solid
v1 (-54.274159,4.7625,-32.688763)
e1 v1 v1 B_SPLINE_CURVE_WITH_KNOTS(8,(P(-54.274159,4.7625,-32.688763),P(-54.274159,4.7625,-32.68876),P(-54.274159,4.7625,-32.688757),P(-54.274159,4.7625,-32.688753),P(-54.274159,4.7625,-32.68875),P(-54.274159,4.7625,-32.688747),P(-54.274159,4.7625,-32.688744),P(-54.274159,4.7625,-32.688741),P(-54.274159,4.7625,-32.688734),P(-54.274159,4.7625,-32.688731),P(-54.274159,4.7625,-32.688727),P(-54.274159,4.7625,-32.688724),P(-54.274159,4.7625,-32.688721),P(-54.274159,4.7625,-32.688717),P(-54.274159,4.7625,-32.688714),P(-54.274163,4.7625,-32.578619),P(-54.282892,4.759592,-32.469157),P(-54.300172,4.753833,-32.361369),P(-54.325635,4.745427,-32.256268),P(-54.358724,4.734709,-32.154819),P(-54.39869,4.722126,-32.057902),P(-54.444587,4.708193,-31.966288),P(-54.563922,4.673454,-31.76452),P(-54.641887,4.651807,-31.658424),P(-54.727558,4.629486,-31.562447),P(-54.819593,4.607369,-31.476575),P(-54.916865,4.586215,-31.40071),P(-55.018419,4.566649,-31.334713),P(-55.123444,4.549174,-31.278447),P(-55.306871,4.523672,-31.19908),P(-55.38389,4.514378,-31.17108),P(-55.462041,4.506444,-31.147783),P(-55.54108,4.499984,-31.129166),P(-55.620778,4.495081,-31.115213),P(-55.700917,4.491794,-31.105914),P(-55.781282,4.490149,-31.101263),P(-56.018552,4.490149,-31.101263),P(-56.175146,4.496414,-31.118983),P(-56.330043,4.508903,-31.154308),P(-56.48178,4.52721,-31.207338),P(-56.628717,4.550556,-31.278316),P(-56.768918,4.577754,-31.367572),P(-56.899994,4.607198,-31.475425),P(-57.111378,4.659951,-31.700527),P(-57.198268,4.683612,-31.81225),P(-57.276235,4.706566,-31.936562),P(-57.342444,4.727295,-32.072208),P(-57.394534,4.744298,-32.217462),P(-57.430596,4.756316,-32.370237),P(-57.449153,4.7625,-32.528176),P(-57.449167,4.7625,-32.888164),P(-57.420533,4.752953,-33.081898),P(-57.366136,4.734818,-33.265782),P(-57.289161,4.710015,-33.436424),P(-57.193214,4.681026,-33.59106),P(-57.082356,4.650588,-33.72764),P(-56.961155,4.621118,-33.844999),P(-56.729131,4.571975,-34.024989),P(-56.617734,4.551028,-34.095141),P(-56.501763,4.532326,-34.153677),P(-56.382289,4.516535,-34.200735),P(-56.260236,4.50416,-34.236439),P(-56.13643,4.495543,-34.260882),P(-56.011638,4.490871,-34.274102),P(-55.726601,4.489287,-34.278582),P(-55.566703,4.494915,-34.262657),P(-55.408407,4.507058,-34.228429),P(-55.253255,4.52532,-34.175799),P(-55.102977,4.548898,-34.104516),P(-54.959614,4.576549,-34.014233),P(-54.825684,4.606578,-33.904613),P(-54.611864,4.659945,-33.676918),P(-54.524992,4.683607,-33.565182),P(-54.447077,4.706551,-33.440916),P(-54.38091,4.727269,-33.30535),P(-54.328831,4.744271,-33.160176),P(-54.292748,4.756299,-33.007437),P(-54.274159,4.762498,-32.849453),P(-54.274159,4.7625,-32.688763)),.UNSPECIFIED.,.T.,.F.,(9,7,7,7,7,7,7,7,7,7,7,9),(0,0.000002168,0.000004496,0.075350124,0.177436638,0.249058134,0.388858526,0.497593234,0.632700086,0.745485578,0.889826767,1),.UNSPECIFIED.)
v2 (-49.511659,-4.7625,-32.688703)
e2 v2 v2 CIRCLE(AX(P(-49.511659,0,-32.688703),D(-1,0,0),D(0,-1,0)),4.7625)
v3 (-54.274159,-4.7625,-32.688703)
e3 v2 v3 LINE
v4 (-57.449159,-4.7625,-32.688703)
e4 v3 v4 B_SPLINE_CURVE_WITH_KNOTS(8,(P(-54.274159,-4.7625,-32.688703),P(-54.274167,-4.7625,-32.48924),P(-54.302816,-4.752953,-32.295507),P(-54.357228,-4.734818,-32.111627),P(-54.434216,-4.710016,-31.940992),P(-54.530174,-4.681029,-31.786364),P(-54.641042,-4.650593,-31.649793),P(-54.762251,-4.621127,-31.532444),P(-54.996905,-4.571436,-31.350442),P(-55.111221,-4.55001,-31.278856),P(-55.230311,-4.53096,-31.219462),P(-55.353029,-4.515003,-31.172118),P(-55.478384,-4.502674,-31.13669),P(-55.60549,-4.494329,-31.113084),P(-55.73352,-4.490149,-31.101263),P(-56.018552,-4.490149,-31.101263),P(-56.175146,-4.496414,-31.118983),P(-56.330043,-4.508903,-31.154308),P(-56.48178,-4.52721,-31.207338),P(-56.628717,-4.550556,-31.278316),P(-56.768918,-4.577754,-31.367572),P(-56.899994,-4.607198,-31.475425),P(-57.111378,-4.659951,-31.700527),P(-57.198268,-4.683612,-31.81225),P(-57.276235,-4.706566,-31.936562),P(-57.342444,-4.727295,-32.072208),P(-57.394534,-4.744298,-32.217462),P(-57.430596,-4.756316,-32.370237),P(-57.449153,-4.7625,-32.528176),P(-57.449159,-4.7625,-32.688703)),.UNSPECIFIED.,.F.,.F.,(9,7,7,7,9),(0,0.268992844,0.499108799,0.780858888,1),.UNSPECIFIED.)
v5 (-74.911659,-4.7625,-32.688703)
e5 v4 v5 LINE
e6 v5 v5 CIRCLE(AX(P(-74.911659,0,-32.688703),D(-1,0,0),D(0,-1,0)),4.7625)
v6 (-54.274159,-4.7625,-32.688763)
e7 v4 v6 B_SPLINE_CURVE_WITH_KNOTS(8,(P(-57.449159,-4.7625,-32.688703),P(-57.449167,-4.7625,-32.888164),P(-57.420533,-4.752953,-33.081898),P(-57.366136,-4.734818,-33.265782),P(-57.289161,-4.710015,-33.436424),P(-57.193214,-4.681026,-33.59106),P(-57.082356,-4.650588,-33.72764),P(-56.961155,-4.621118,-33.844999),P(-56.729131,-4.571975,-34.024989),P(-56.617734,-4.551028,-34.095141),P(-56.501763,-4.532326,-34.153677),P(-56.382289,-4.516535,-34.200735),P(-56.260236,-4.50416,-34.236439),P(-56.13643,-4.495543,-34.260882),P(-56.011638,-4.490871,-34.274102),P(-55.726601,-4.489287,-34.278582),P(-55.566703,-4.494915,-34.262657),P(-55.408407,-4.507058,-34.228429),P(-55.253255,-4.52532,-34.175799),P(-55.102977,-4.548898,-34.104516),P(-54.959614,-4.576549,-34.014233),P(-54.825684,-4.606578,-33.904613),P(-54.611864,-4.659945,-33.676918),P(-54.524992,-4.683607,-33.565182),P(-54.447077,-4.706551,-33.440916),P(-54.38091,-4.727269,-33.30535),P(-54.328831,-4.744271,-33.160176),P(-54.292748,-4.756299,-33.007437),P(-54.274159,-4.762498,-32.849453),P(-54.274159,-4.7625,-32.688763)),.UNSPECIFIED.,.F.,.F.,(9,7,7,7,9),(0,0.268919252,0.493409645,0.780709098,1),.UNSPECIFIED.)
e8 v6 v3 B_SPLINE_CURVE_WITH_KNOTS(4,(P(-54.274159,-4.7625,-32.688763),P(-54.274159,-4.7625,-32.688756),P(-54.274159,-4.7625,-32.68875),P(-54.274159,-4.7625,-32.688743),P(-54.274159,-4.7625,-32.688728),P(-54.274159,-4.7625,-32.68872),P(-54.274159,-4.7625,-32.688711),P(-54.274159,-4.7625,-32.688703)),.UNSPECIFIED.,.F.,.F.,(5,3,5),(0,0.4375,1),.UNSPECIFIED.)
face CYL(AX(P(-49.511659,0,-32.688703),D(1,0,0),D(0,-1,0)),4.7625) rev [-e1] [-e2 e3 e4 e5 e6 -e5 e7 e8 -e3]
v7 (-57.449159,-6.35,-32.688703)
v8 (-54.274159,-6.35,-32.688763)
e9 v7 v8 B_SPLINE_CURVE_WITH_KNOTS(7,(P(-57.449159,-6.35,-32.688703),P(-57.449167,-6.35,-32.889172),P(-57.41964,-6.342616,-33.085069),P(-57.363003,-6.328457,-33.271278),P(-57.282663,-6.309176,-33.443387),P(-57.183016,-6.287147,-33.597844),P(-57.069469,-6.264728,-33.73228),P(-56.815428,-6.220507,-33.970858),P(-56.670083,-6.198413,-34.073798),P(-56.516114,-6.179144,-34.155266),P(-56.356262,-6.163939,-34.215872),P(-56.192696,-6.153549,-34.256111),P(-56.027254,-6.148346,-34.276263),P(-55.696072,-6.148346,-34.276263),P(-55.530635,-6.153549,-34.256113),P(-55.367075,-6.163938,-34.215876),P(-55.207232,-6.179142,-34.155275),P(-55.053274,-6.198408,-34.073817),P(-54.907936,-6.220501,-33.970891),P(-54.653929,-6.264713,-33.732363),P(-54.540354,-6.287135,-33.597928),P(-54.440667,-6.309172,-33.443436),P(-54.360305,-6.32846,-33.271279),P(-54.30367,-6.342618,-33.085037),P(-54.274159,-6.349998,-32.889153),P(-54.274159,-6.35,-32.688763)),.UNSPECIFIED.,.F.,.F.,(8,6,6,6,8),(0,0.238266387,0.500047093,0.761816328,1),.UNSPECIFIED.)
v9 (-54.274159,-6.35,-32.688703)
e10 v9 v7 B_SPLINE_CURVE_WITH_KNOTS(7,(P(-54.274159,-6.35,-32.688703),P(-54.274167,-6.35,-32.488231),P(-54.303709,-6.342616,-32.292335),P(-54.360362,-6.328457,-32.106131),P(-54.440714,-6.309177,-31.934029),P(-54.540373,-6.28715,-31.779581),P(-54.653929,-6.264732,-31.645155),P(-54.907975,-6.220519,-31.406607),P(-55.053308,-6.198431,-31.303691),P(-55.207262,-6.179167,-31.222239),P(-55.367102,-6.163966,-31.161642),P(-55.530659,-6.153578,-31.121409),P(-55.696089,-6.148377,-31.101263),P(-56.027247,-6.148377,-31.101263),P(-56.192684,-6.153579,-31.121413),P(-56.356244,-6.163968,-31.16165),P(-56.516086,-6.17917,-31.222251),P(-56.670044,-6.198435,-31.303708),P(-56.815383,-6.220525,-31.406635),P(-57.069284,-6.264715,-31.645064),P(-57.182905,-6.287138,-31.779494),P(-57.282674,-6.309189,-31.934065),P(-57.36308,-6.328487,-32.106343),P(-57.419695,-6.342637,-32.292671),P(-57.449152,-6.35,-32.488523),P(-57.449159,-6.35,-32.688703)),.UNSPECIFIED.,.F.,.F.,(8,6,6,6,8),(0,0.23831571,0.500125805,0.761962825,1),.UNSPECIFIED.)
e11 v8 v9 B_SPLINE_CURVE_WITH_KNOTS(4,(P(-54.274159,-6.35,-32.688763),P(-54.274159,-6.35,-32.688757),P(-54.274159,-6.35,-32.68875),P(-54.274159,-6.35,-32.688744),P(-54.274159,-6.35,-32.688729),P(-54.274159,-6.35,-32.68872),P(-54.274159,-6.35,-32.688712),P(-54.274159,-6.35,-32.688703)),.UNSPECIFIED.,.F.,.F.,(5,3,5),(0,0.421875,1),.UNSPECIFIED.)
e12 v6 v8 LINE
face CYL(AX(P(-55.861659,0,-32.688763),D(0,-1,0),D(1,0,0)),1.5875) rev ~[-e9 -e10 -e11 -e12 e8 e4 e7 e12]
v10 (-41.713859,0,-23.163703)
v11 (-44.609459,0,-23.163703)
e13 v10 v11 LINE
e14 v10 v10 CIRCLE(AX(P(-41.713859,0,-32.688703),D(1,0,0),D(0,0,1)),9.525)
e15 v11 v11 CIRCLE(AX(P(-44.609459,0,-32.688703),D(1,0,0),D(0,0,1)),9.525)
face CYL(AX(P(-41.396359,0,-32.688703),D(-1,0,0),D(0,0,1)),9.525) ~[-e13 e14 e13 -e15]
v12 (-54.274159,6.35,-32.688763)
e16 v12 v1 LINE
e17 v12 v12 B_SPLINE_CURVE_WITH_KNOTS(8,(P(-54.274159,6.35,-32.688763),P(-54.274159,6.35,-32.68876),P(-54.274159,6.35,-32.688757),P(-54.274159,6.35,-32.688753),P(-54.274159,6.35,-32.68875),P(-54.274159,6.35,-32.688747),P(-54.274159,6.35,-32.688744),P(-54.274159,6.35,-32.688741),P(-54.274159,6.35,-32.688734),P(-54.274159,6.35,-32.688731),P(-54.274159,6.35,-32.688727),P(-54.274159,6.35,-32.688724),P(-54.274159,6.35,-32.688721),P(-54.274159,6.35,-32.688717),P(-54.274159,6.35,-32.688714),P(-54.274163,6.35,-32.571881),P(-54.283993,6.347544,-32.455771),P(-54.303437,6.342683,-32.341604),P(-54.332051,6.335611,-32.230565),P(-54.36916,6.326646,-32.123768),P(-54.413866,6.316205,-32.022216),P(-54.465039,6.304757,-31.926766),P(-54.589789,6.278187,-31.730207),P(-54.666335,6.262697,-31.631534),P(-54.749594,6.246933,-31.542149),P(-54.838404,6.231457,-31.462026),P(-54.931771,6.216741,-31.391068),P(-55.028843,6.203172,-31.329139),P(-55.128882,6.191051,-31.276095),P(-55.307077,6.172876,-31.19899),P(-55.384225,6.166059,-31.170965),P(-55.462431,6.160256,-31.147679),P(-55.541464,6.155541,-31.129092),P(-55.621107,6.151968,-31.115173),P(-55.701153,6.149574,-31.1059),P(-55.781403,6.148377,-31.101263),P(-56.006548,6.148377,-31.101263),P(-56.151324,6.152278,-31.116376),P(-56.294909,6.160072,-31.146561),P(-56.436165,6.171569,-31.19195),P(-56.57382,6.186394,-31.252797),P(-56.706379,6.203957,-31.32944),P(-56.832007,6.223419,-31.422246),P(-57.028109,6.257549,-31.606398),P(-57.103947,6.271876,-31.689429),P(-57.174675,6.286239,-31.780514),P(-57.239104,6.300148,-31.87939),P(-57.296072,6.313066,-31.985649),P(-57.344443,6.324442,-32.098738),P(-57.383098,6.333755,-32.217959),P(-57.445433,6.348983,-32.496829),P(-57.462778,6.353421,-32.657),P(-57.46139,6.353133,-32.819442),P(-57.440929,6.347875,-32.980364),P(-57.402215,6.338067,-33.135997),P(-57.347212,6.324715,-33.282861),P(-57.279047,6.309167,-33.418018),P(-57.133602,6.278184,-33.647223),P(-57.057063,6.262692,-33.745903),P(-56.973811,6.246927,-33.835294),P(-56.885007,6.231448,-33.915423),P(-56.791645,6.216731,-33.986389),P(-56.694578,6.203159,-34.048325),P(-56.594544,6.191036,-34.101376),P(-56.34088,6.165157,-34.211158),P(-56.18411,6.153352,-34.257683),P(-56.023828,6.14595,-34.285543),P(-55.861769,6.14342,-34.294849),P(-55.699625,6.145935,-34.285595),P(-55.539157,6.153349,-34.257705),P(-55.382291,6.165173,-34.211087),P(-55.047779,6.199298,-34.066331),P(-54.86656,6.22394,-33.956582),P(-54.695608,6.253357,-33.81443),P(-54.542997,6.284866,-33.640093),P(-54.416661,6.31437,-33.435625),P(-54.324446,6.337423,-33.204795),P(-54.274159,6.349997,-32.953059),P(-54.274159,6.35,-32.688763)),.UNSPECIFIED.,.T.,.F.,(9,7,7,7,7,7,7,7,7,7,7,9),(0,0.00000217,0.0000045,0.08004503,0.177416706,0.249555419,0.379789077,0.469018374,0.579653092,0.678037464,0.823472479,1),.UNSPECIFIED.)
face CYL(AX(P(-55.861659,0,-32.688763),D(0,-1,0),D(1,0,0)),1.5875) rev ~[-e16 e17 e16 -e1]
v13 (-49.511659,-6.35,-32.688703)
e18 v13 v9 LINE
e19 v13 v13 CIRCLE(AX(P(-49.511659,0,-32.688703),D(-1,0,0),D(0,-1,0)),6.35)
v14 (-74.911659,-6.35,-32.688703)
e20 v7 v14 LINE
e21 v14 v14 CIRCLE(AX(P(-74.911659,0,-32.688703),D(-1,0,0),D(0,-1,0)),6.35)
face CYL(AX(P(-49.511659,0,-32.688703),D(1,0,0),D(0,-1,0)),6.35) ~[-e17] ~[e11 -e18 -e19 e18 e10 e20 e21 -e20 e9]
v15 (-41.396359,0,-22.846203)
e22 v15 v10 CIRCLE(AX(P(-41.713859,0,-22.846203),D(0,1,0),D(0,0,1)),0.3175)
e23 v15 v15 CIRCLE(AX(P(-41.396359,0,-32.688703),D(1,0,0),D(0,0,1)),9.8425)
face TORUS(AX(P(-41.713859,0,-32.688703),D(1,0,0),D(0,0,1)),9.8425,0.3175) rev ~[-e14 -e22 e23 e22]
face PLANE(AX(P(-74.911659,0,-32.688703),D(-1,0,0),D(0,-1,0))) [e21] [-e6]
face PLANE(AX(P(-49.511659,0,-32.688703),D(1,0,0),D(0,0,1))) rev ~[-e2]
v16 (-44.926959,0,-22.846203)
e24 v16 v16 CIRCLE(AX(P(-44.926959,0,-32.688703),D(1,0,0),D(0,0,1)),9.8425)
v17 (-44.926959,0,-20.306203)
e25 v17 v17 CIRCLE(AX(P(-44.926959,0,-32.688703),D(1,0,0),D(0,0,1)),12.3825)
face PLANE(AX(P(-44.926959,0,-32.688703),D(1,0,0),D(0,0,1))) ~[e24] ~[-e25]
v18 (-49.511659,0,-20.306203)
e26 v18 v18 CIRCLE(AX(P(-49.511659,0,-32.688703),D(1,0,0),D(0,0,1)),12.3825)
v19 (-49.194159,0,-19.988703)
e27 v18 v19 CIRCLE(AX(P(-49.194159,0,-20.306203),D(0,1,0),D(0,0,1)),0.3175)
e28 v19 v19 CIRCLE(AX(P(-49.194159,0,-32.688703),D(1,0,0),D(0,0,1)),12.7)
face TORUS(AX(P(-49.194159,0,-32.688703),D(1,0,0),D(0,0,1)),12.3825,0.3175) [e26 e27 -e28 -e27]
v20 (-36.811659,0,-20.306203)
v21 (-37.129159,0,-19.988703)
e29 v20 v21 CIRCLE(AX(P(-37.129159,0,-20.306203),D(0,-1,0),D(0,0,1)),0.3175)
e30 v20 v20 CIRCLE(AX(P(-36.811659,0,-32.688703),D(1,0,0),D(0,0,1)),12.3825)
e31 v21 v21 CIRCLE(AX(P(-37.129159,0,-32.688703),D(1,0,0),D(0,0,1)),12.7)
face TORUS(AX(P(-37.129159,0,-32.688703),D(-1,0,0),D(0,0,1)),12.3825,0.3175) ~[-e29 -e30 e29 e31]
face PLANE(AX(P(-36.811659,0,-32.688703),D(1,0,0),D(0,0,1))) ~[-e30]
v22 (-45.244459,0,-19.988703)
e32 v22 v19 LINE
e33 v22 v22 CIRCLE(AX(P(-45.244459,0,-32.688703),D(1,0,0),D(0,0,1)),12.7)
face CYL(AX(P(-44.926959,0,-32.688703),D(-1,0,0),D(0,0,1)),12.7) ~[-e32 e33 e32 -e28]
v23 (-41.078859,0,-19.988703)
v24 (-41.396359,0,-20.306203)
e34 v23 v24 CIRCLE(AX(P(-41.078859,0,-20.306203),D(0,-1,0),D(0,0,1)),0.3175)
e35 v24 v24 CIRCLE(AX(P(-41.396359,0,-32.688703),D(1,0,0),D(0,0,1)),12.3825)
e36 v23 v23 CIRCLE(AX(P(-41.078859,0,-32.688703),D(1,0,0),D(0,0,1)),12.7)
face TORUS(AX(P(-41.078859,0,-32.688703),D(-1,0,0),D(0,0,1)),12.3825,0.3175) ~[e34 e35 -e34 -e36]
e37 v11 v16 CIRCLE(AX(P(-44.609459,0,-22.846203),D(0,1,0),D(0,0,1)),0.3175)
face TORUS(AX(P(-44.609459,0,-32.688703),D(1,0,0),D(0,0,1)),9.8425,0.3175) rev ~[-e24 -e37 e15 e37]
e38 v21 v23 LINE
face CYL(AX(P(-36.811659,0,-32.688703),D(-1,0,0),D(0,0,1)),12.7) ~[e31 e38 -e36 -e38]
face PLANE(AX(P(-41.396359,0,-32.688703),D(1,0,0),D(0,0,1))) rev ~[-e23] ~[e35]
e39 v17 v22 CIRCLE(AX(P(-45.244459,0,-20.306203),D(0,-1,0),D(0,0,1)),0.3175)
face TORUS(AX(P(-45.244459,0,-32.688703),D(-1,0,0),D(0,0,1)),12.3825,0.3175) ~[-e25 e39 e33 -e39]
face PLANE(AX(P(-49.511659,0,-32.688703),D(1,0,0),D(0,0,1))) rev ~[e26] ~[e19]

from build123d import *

# Parameters (mm, degrees)
F2_R     = 0.3175
F3_R     = 6.35
F3_R_2   = 4.7625
F4_DEPTH = 25.4
F5_R     = 1.5875
F6_DEPTH = 12.7


with BuildPart() as f1:
    # F0 (on Front) → F1 (revolve)
    with BuildSketch(Plane.XZ):
        Polygon((-49.5116594105, -19.9887029331), (-49.5116594105, -32.6887029331), (-36.8116594105, -32.6887029331), (-36.8116594105, -19.9887029331), (-41.3963594105, -19.9887029331), (-41.3963594105, -23.1637029331), (-44.9269594105, -23.1637029331), (-44.9269594105, -19.9887029331), align=None)
    revolve(axis=Axis((-43.1616594105, 0, -32.6887029331), (1, 0, 0)))

    # F2
    f2_edges = [f1.edges().sort_by_distance(p)[0] for p in [
        (-36.811659, 0, -45.388703),
        (-41.396359, 0, -45.388703),
        (-44.926959, 0, -45.388703),
        (-49.511659, 0, -45.388703),
        (-44.926959, 0, -42.213703),
        (-41.396359, 0, -42.213703),
    ]]
    fillet(f2_edges, radius=F2_R)

    # F3 (on face) → F4 (join)
    with BuildSketch(Plane(origin=(-49.5116594105, 0, 0), x_dir=(0, -1, 0), z_dir=(-1, 0, 0))):
        with Locations((0, -32.6887029331)):
            Circle(F3_R)
        with Locations((0, -32.6887029331)):
            Circle(F3_R_2, mode=Mode.SUBTRACT)
    extrude(amount=F4_DEPTH)

    # F5 (on Front) → F6 (cut, symmetric)
    with BuildSketch(Plane.XZ):
        with Locations((-55.8616594105, -32.6887629926)):
            Circle(F5_R)
    extrude(amount=F6_DEPTH, both=True, mode=Mode.SUBTRACT)


solid = f1.part
